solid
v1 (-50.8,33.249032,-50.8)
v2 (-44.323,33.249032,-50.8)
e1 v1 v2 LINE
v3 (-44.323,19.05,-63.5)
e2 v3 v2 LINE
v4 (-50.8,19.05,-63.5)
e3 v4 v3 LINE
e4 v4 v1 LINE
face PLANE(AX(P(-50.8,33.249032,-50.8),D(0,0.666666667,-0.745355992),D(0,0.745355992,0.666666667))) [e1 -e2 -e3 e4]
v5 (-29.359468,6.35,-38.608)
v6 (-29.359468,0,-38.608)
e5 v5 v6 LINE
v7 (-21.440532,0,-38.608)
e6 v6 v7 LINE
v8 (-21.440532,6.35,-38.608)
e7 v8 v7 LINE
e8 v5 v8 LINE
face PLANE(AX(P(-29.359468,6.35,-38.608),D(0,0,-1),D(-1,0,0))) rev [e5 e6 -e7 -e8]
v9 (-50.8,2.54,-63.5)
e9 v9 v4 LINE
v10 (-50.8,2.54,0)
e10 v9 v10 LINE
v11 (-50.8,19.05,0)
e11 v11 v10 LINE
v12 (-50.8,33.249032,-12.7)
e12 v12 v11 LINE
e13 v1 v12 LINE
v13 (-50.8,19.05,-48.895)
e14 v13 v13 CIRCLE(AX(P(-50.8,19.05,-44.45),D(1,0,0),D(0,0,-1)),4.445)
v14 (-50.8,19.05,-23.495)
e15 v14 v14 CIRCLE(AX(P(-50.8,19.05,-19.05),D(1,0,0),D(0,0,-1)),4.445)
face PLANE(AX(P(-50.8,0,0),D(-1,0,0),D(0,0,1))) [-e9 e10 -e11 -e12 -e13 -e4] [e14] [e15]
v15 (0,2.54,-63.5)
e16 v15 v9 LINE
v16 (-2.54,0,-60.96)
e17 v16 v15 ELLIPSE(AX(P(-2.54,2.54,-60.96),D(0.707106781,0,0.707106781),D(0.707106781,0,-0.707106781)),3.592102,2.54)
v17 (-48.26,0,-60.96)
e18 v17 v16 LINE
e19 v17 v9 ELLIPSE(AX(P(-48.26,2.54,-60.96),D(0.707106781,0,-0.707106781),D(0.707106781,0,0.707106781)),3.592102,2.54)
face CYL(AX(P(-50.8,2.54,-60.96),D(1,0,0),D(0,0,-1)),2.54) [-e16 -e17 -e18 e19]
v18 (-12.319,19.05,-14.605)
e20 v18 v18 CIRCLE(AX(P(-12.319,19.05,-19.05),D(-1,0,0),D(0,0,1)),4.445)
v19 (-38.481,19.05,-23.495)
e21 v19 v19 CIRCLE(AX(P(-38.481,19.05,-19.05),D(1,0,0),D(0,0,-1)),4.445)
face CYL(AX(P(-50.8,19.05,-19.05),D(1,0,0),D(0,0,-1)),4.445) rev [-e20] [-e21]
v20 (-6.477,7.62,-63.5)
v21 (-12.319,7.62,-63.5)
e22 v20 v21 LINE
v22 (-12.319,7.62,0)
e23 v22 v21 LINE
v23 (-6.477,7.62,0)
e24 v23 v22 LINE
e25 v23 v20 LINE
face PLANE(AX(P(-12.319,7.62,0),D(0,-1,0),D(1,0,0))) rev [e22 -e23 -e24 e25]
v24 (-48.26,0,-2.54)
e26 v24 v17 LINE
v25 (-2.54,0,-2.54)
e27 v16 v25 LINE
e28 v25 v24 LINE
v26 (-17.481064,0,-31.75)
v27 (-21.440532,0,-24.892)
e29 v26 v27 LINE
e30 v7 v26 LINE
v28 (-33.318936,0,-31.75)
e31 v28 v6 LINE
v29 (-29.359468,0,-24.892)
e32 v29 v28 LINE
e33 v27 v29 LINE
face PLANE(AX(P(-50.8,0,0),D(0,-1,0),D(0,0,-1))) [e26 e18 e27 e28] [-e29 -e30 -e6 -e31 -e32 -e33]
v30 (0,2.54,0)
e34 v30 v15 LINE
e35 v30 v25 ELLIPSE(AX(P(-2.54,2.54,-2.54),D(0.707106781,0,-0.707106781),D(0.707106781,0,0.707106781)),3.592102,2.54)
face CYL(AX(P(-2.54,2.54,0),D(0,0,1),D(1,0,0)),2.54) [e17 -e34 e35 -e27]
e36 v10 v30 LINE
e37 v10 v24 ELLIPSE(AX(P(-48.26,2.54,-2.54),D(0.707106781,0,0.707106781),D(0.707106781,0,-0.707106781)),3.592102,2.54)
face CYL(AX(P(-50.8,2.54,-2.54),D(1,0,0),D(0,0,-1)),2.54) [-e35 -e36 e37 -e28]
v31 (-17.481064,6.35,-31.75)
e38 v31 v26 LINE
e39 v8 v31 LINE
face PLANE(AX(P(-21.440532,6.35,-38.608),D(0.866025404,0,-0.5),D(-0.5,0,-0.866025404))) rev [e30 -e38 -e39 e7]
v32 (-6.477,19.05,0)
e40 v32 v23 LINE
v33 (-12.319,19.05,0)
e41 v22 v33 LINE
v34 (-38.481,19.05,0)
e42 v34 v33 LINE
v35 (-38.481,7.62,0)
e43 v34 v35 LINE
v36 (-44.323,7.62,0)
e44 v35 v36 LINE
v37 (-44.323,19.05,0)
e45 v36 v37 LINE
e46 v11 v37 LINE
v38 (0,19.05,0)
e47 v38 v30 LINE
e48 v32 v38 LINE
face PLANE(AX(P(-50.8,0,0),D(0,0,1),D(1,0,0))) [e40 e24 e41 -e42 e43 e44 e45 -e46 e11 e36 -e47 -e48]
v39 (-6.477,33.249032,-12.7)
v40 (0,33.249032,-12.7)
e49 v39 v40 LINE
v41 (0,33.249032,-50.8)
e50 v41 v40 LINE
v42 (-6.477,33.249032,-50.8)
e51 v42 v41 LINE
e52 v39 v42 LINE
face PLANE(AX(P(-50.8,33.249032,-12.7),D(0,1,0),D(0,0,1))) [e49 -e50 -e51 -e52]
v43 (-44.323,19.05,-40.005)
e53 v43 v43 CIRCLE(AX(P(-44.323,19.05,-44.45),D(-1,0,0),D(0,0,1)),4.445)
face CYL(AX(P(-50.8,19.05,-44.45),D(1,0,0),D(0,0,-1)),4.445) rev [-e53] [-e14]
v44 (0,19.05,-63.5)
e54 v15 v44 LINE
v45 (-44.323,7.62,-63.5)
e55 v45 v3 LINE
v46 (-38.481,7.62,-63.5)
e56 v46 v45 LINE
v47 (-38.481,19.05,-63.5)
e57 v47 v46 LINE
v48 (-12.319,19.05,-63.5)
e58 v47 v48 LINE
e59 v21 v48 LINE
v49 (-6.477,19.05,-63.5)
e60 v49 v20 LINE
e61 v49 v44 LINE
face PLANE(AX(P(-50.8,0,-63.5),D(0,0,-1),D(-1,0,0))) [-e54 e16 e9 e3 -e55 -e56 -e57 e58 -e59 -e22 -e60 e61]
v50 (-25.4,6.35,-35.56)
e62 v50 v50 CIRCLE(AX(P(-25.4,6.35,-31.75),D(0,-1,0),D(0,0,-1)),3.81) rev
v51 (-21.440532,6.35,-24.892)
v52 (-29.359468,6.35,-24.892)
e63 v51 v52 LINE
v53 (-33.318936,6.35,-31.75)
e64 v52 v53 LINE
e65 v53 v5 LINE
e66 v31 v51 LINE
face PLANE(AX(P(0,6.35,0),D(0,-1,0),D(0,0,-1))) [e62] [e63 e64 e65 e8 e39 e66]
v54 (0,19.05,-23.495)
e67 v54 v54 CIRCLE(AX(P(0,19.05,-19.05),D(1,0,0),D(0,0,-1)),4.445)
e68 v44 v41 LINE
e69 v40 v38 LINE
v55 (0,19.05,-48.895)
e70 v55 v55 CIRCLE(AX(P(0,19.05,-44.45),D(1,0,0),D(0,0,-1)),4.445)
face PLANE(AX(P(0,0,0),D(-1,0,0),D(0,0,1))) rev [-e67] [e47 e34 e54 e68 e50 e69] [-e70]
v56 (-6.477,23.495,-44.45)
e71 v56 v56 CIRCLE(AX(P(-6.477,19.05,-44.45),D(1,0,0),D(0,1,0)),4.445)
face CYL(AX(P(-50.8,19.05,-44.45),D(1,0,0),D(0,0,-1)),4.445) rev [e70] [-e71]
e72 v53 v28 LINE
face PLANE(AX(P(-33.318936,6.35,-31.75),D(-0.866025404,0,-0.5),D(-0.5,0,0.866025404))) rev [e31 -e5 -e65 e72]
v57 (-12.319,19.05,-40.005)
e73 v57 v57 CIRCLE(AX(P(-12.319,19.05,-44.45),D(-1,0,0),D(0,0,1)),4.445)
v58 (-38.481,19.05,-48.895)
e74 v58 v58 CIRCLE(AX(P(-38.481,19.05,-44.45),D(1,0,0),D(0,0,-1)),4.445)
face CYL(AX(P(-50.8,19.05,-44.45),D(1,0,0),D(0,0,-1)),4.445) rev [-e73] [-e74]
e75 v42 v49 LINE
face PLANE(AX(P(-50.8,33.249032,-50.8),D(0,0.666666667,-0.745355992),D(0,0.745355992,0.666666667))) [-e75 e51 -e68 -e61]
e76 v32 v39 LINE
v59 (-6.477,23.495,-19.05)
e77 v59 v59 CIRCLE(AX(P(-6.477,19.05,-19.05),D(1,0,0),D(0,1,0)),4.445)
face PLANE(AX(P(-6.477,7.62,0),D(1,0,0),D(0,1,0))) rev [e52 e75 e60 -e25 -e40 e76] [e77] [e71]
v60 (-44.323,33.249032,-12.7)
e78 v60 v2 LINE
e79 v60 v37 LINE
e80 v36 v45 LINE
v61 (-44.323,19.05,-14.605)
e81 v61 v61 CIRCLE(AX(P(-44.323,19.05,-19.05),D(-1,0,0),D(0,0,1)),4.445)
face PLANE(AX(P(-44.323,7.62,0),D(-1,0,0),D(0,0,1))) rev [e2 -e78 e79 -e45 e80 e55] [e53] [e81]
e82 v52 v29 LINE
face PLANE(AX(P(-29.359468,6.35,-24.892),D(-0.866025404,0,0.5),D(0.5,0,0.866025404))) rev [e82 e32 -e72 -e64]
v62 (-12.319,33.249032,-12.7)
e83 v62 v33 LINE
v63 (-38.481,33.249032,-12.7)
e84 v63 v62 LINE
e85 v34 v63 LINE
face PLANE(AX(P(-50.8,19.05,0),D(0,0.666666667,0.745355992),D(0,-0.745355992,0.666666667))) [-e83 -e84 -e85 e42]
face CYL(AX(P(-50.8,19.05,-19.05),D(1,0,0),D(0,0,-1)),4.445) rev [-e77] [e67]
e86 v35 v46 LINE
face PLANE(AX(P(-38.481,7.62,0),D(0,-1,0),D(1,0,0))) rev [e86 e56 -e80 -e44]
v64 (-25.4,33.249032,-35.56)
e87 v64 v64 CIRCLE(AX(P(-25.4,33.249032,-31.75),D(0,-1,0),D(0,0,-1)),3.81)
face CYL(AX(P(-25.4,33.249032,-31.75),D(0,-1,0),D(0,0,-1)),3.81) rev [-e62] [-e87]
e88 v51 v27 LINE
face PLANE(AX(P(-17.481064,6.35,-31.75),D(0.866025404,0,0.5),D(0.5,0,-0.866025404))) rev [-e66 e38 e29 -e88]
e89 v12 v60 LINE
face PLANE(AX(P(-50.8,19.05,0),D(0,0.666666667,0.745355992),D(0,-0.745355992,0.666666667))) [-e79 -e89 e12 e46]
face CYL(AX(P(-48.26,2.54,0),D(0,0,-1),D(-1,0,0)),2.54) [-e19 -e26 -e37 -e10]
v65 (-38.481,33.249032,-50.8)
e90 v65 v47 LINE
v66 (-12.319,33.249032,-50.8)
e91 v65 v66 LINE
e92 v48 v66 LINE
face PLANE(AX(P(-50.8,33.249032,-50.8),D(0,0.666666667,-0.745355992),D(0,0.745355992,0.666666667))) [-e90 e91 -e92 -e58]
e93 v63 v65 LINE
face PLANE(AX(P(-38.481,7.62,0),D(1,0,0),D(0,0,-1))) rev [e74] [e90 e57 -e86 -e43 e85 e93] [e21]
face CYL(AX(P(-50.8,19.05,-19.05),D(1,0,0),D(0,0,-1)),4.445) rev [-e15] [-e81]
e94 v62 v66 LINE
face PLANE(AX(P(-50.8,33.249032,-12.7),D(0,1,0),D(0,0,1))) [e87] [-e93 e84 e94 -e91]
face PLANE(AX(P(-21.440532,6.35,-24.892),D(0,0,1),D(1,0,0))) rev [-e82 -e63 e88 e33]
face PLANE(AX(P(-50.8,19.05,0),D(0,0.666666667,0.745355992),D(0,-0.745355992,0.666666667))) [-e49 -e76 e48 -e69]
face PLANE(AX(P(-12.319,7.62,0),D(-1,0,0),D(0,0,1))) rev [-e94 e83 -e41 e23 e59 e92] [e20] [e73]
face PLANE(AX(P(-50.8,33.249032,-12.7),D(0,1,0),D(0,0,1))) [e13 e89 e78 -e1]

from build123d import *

# Parameters (mm, degrees)
SKETCH1_W           = 63.5
SKETCH1_H           = 6.35
BOSS_EXTRUDE1_DEPTH = 50.8
BOSS_EXTRUDE2_DEPTH = 50.8
SKETCH10_W          = 5.842
SKETCH10_H          = 25.629031657
CUT_EXTRUDE1_DEPTH  = 88.854357354
SKETCH11_R          = 4.445
CUT_EXTRUDE2_DEPTH  = 88.854357354
FILLET1_R           = 2.54
SKETCH24_R          = 3.81
CUT_EXTRUDE10_DEPTH = 88.854357354
CUT_EXTRUDE11_DEPTH = 6.35


with BuildPart() as part:
    # Sketch1 → Boss-Extrude1 (new body)
    with BuildSketch(Plane(origin=(0, 0, 0), x_dir=(0, 0, -1), z_dir=(1, 0, 0))):
        with Locations((31.75, 3.175)):
            Rectangle(SKETCH1_W, SKETCH1_H)
    extrude(amount=-BOSS_EXTRUDE1_DEPTH)

    # Sketch2 → Boss-Extrude2 (add)
    with BuildSketch(Plane(origin=(0, 0, 0), x_dir=(0, 0, -1), z_dir=(1, 0, 0))):
        Polygon((0, 6.35), (0, 19.05), (12.7, 33.249031657), (50.8, 33.249031657), (63.5, 19.05), (63.5, 6.35), align=None)
    extrude(amount=-BOSS_EXTRUDE2_DEPTH)

    # Sketch10 → Cut-Extrude1 (cut, through all)
    with BuildSketch(Plane(origin=(0, 0, -63.5), x_dir=(-1, 0, 0), z_dir=(0, 0, -1))):
        with Locations((9.398, 20.434515829)):
            Rectangle(SKETCH10_W, SKETCH10_H)
        with Locations((41.402, 20.434515829)):
            Rectangle(SKETCH10_W, SKETCH10_H)
    extrude(amount=-CUT_EXTRUDE1_DEPTH, mode=Mode.SUBTRACT)

    # Sketch11 → Cut-Extrude2 (cut, through all)
    with BuildSketch(Plane(origin=(0, 0, 0), x_dir=(0, 0, -1), z_dir=(1, 0, 0))):
        with Locations((19.05, 19.05)):
            Circle(SKETCH11_R)
        with Locations((44.45, 19.05)):
            Circle(SKETCH11_R)
    extrude(amount=-CUT_EXTRUDE2_DEPTH, mode=Mode.SUBTRACT)

    # Fillet1
    fillet1_edges = [part.edges().sort_by_distance(p)[0] for p in [
        (0, 0, -31.75),
        (-50.8, 0, -31.75),
        (-25.4, 0, -63.5),
        (-25.4, 0, 0),
    ]]
    fillet(fillet1_edges, radius=FILLET1_R)

    # Sketch24 → Cut-Extrude10 (cut, through all)
    with BuildSketch(Plane.XZ):
        with Locations(Location((-25.4, -31.75, 0), (0, 0, 270))):
            Circle(SKETCH24_R)
    extrude(amount=-CUT_EXTRUDE10_DEPTH, mode=Mode.SUBTRACT)

    # Sketch25 → Cut-Extrude11 (cut)
    with BuildSketch(Plane.XZ):
        Polygon((-29.359468146, -24.892), (-33.318936292, -31.75), (-29.359468146, -38.608), (-21.440531854, -38.608), (-17.481063708, -31.75), (-21.440531854, -24.892), align=None)
    extrude(amount=-CUT_EXTRUDE11_DEPTH, mode=Mode.SUBTRACT)


solid = part.part
